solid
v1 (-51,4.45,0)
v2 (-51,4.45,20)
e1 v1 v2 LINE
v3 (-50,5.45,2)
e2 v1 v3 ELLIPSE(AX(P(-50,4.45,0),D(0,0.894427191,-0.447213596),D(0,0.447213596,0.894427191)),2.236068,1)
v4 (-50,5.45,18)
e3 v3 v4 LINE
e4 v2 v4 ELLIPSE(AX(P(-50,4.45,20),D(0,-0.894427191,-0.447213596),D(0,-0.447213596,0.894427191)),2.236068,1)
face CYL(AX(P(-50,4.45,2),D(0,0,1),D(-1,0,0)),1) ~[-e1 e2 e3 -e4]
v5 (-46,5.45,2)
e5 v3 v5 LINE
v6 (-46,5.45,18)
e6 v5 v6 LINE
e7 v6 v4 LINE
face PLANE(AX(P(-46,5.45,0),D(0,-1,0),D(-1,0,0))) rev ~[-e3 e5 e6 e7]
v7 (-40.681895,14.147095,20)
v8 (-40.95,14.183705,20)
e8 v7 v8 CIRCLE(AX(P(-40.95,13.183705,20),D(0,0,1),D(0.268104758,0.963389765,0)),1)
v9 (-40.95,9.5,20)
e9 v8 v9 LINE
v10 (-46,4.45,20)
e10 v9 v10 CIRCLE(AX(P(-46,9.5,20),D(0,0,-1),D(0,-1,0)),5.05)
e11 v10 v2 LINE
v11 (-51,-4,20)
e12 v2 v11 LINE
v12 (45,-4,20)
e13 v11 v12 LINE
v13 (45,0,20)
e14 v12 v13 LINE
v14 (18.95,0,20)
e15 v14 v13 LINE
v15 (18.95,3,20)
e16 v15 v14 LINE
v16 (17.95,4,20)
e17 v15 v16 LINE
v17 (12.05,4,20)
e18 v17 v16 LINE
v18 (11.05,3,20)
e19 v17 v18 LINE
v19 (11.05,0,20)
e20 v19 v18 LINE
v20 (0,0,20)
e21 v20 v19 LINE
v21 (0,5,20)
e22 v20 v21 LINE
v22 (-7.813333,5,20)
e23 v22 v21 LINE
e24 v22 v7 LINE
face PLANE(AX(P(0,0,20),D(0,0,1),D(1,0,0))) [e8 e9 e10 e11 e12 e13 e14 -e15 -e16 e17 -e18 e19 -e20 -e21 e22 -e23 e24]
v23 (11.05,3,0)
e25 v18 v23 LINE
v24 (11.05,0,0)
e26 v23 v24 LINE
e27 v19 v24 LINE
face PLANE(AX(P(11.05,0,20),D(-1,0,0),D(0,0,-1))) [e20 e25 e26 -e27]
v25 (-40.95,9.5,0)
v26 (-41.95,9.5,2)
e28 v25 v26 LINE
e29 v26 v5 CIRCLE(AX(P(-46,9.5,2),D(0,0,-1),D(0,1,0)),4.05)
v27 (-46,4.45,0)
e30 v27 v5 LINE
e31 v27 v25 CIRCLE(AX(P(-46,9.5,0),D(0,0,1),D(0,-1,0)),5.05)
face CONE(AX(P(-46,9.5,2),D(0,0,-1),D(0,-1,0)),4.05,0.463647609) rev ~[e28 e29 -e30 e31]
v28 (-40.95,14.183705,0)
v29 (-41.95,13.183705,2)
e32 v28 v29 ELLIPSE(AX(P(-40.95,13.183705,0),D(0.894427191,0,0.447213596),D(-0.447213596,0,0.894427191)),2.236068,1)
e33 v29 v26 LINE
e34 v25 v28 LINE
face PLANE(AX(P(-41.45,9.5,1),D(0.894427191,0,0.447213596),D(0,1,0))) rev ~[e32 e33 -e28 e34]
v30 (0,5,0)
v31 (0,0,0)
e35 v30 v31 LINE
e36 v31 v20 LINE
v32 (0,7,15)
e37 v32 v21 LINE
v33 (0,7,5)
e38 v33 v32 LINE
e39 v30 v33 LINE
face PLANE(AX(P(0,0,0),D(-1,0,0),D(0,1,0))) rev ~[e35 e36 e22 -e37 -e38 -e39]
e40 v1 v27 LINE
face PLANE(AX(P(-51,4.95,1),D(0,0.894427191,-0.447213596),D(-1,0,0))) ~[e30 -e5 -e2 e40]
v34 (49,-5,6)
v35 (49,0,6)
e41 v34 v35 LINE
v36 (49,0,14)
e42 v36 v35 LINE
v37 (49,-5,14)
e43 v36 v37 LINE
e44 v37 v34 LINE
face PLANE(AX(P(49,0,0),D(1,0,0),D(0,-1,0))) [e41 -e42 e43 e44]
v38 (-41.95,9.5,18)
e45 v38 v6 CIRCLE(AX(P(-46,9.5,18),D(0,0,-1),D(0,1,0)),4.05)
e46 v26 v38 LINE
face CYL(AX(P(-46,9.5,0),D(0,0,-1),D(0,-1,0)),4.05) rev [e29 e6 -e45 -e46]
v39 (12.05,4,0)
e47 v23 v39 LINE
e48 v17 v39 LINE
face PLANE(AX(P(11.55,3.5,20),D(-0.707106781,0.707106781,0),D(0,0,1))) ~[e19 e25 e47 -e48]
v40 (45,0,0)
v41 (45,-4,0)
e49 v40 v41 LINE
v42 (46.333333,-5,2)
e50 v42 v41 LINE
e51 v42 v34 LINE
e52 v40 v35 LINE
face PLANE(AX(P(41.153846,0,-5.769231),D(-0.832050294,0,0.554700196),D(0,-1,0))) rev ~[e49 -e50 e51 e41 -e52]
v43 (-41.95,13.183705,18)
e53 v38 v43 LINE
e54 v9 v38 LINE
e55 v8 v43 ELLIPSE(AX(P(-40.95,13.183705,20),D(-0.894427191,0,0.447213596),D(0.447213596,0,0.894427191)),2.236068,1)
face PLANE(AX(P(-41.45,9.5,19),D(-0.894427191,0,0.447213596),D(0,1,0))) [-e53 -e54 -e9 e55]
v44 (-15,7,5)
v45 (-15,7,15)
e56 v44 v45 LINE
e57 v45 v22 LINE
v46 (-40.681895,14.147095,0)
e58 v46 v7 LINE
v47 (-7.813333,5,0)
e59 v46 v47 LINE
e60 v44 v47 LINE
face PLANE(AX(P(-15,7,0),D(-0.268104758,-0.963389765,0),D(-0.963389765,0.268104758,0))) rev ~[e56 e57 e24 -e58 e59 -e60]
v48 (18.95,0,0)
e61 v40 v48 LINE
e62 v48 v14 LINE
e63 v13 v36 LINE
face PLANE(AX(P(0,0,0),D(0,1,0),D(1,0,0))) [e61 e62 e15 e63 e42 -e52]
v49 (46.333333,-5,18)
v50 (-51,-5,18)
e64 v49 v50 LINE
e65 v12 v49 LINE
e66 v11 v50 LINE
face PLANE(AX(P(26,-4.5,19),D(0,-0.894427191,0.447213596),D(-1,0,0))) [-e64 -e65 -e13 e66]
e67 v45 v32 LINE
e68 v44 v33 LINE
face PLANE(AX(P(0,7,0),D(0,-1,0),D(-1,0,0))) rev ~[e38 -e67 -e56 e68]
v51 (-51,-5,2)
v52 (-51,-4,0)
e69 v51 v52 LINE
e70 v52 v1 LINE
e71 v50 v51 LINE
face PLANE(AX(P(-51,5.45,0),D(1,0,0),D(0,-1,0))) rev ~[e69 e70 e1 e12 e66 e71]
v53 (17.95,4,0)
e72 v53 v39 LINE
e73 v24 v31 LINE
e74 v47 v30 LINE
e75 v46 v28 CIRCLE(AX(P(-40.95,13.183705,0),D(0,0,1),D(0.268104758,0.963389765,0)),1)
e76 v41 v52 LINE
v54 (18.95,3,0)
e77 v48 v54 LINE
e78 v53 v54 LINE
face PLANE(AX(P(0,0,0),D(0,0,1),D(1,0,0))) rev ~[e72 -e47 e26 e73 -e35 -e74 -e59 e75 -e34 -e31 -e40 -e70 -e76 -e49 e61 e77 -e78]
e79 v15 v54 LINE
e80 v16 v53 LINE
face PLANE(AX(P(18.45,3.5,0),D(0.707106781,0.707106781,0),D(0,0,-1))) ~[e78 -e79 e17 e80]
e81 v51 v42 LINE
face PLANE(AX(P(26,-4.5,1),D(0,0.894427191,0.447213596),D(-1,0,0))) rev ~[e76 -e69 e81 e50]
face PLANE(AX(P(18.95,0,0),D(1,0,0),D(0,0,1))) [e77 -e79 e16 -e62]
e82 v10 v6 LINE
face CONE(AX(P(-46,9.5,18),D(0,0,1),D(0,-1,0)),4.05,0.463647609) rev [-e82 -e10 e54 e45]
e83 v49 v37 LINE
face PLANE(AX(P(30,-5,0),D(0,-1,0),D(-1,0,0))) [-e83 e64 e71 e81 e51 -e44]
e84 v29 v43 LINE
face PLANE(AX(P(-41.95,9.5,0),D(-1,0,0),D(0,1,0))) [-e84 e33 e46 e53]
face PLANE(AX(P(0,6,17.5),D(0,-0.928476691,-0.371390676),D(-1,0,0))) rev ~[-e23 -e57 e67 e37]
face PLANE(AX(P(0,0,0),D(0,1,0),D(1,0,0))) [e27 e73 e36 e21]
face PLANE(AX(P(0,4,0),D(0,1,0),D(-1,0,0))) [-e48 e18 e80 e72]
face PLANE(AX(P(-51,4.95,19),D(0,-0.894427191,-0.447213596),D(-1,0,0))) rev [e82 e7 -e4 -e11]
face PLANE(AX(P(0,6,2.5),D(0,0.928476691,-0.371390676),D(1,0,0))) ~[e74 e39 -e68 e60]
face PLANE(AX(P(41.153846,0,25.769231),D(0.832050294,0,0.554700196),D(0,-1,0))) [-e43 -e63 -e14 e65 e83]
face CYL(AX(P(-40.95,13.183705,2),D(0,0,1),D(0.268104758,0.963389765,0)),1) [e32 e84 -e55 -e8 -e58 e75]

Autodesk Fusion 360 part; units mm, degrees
sketch "Sketch1" plane through (0, 0, 0) normal (0, 0, 1) x (1, 0, 0)
  line L0 (0, 0) -> (0, 7)
  line L1 (0, 0) -> (30, 0)
  line L2 (30, 0) -> (30, -5)
  line L3 (30, -5) -> (-51, -5)
  line L4 (-41.95, 9.5) -> (-41.95, 14.5)
  line L5 (-46, 5.45) -> (-51, 5.45)
  arc A0 (-46, 5.45) -> (-41.95, 9.5) centre (-46, 9.5) ccw
  line L6 (0, 7) -> (-15, 7)
  line L7 (-15, 7) -> (-41.95, 14.5)
  line L8 (-51, 5.45) -> (-51, -5)
  dimension "d1" = 9.5
  dimension "d2" = 46
  dimension "d3" = 8.1
  dimension "d4" = 5
  dimension "d6" = 5
  dimension "d7" = 5
  dimension "d8" = 7
  dimension "d9" = 15
  dimension "d10" = 30
extrude "Extrude1" add sketch "Sketch1" along normal blind 20
sketch "Sketch2" plane through (0, -5, 0) normal (0, -1, 0) x (1, 0, 0)
  line L0 (-51, 0) -> (30, 0)
  line L1 (30, 0) -> (30, 20)
  line L2 (30, 20) -> (-51, 20)
  line L3 (15, 20) -> (15, 0) construction
  circle A0 centre (15, 10) radius 3.25
  line L4 (-51, 20) -> (-51, 0)
  dimension "d13" = 15
  dimension "d14" = 6.5
chamfer "Chamfer1" distance 1 distance2 2 6 edges at (-43.1362, 6.6362, 20) (-48.5, 5.45, 20) (-41.95, 12, 20) (-43.1362, 6.6362, 0) (-41.95, 12, 0) (-48.5, 5.45, 0) measured on face at (-22, 0.6667, 20) measured on face at (-22, 0.6667, 20) measured on face at (-22, 0.6667, 20) measured on face at (-22, 0.6667, 0) measured on face at (-22, 0.6667, 0) measured on face at (-47.6667, 5.45, 6.6667)
fillet "Fillet1" radius 1 2 edges at (-41.95, 14.5, 10) (-51, 5.45, 10)
chamfer "Chamfer2" distance 4 distance2 6 2 edges at (30, -2.5, 20) (30, -2.5, 0) measured on face at (-22, 0.6667, 20) measured on face at (-22, 0.6667, 0)
chamfer "Chamfer3" distance 1 distance2 2 2 edges at (-12.5, -5, 20) (-12.5, -5, 0) measured on face at (-22, 0.6667, 20) measured on face at (-22, 0.6667, 0)
chamfer "Chamfer4" distance 2 distance2 5 1 edges at (-7.5, 7, 20) measured on face at (-22, 1, 20)
chamfer "Chamfer4" distance 5 distance2 2 1 edges at (-7.5, 7, 0) measured on face at (-5, 7, 6.6667)
sketch "Sketch3" plane through (0, 0, 0) normal (0, 1, 0) x (-1, 0, 0)
  line L0 (-30, 6) -> (-26, 0)
  line L1 (-26, 0) -> (0, 0)
  line L2 (0, 0) -> (0, 20)
  line L3 (0, 20) -> (-26, 20)
  line L4 (-26, 20) -> (-30, 14)
  line L5 (-30, 14) -> (-30, 6)
  line L6 (-18.95, 20) -> (-11.05, 20)
  line L7 (-11.05, 20) -> (-11.05, 0)
  line L8 (-11.05, 0) -> (-18.95, 0)
  line L9 (-18.95, 0) -> (-18.95, 20)
  line L10 (-15, 20) -> (-15, 0) construction
  dimension "d29" = 15
  dimension "d30" = 7.9
extrude "Extrude3" add sketch "Sketch3" along normal blind 4 contours L1 L3 L6 L7 L8 L9
chamfer "Chamfer5" distance 1 angle 45 2 edges at (18.95, 4, 10) (11.05, 4, 10)
move_face "MoveFace1" by (19, 0, 0) 3 faces at (27.7778, -1.6667, 17.3333) (27.7778, -1.6667, 2.6667) (30, -1.6667, 11.3333)
